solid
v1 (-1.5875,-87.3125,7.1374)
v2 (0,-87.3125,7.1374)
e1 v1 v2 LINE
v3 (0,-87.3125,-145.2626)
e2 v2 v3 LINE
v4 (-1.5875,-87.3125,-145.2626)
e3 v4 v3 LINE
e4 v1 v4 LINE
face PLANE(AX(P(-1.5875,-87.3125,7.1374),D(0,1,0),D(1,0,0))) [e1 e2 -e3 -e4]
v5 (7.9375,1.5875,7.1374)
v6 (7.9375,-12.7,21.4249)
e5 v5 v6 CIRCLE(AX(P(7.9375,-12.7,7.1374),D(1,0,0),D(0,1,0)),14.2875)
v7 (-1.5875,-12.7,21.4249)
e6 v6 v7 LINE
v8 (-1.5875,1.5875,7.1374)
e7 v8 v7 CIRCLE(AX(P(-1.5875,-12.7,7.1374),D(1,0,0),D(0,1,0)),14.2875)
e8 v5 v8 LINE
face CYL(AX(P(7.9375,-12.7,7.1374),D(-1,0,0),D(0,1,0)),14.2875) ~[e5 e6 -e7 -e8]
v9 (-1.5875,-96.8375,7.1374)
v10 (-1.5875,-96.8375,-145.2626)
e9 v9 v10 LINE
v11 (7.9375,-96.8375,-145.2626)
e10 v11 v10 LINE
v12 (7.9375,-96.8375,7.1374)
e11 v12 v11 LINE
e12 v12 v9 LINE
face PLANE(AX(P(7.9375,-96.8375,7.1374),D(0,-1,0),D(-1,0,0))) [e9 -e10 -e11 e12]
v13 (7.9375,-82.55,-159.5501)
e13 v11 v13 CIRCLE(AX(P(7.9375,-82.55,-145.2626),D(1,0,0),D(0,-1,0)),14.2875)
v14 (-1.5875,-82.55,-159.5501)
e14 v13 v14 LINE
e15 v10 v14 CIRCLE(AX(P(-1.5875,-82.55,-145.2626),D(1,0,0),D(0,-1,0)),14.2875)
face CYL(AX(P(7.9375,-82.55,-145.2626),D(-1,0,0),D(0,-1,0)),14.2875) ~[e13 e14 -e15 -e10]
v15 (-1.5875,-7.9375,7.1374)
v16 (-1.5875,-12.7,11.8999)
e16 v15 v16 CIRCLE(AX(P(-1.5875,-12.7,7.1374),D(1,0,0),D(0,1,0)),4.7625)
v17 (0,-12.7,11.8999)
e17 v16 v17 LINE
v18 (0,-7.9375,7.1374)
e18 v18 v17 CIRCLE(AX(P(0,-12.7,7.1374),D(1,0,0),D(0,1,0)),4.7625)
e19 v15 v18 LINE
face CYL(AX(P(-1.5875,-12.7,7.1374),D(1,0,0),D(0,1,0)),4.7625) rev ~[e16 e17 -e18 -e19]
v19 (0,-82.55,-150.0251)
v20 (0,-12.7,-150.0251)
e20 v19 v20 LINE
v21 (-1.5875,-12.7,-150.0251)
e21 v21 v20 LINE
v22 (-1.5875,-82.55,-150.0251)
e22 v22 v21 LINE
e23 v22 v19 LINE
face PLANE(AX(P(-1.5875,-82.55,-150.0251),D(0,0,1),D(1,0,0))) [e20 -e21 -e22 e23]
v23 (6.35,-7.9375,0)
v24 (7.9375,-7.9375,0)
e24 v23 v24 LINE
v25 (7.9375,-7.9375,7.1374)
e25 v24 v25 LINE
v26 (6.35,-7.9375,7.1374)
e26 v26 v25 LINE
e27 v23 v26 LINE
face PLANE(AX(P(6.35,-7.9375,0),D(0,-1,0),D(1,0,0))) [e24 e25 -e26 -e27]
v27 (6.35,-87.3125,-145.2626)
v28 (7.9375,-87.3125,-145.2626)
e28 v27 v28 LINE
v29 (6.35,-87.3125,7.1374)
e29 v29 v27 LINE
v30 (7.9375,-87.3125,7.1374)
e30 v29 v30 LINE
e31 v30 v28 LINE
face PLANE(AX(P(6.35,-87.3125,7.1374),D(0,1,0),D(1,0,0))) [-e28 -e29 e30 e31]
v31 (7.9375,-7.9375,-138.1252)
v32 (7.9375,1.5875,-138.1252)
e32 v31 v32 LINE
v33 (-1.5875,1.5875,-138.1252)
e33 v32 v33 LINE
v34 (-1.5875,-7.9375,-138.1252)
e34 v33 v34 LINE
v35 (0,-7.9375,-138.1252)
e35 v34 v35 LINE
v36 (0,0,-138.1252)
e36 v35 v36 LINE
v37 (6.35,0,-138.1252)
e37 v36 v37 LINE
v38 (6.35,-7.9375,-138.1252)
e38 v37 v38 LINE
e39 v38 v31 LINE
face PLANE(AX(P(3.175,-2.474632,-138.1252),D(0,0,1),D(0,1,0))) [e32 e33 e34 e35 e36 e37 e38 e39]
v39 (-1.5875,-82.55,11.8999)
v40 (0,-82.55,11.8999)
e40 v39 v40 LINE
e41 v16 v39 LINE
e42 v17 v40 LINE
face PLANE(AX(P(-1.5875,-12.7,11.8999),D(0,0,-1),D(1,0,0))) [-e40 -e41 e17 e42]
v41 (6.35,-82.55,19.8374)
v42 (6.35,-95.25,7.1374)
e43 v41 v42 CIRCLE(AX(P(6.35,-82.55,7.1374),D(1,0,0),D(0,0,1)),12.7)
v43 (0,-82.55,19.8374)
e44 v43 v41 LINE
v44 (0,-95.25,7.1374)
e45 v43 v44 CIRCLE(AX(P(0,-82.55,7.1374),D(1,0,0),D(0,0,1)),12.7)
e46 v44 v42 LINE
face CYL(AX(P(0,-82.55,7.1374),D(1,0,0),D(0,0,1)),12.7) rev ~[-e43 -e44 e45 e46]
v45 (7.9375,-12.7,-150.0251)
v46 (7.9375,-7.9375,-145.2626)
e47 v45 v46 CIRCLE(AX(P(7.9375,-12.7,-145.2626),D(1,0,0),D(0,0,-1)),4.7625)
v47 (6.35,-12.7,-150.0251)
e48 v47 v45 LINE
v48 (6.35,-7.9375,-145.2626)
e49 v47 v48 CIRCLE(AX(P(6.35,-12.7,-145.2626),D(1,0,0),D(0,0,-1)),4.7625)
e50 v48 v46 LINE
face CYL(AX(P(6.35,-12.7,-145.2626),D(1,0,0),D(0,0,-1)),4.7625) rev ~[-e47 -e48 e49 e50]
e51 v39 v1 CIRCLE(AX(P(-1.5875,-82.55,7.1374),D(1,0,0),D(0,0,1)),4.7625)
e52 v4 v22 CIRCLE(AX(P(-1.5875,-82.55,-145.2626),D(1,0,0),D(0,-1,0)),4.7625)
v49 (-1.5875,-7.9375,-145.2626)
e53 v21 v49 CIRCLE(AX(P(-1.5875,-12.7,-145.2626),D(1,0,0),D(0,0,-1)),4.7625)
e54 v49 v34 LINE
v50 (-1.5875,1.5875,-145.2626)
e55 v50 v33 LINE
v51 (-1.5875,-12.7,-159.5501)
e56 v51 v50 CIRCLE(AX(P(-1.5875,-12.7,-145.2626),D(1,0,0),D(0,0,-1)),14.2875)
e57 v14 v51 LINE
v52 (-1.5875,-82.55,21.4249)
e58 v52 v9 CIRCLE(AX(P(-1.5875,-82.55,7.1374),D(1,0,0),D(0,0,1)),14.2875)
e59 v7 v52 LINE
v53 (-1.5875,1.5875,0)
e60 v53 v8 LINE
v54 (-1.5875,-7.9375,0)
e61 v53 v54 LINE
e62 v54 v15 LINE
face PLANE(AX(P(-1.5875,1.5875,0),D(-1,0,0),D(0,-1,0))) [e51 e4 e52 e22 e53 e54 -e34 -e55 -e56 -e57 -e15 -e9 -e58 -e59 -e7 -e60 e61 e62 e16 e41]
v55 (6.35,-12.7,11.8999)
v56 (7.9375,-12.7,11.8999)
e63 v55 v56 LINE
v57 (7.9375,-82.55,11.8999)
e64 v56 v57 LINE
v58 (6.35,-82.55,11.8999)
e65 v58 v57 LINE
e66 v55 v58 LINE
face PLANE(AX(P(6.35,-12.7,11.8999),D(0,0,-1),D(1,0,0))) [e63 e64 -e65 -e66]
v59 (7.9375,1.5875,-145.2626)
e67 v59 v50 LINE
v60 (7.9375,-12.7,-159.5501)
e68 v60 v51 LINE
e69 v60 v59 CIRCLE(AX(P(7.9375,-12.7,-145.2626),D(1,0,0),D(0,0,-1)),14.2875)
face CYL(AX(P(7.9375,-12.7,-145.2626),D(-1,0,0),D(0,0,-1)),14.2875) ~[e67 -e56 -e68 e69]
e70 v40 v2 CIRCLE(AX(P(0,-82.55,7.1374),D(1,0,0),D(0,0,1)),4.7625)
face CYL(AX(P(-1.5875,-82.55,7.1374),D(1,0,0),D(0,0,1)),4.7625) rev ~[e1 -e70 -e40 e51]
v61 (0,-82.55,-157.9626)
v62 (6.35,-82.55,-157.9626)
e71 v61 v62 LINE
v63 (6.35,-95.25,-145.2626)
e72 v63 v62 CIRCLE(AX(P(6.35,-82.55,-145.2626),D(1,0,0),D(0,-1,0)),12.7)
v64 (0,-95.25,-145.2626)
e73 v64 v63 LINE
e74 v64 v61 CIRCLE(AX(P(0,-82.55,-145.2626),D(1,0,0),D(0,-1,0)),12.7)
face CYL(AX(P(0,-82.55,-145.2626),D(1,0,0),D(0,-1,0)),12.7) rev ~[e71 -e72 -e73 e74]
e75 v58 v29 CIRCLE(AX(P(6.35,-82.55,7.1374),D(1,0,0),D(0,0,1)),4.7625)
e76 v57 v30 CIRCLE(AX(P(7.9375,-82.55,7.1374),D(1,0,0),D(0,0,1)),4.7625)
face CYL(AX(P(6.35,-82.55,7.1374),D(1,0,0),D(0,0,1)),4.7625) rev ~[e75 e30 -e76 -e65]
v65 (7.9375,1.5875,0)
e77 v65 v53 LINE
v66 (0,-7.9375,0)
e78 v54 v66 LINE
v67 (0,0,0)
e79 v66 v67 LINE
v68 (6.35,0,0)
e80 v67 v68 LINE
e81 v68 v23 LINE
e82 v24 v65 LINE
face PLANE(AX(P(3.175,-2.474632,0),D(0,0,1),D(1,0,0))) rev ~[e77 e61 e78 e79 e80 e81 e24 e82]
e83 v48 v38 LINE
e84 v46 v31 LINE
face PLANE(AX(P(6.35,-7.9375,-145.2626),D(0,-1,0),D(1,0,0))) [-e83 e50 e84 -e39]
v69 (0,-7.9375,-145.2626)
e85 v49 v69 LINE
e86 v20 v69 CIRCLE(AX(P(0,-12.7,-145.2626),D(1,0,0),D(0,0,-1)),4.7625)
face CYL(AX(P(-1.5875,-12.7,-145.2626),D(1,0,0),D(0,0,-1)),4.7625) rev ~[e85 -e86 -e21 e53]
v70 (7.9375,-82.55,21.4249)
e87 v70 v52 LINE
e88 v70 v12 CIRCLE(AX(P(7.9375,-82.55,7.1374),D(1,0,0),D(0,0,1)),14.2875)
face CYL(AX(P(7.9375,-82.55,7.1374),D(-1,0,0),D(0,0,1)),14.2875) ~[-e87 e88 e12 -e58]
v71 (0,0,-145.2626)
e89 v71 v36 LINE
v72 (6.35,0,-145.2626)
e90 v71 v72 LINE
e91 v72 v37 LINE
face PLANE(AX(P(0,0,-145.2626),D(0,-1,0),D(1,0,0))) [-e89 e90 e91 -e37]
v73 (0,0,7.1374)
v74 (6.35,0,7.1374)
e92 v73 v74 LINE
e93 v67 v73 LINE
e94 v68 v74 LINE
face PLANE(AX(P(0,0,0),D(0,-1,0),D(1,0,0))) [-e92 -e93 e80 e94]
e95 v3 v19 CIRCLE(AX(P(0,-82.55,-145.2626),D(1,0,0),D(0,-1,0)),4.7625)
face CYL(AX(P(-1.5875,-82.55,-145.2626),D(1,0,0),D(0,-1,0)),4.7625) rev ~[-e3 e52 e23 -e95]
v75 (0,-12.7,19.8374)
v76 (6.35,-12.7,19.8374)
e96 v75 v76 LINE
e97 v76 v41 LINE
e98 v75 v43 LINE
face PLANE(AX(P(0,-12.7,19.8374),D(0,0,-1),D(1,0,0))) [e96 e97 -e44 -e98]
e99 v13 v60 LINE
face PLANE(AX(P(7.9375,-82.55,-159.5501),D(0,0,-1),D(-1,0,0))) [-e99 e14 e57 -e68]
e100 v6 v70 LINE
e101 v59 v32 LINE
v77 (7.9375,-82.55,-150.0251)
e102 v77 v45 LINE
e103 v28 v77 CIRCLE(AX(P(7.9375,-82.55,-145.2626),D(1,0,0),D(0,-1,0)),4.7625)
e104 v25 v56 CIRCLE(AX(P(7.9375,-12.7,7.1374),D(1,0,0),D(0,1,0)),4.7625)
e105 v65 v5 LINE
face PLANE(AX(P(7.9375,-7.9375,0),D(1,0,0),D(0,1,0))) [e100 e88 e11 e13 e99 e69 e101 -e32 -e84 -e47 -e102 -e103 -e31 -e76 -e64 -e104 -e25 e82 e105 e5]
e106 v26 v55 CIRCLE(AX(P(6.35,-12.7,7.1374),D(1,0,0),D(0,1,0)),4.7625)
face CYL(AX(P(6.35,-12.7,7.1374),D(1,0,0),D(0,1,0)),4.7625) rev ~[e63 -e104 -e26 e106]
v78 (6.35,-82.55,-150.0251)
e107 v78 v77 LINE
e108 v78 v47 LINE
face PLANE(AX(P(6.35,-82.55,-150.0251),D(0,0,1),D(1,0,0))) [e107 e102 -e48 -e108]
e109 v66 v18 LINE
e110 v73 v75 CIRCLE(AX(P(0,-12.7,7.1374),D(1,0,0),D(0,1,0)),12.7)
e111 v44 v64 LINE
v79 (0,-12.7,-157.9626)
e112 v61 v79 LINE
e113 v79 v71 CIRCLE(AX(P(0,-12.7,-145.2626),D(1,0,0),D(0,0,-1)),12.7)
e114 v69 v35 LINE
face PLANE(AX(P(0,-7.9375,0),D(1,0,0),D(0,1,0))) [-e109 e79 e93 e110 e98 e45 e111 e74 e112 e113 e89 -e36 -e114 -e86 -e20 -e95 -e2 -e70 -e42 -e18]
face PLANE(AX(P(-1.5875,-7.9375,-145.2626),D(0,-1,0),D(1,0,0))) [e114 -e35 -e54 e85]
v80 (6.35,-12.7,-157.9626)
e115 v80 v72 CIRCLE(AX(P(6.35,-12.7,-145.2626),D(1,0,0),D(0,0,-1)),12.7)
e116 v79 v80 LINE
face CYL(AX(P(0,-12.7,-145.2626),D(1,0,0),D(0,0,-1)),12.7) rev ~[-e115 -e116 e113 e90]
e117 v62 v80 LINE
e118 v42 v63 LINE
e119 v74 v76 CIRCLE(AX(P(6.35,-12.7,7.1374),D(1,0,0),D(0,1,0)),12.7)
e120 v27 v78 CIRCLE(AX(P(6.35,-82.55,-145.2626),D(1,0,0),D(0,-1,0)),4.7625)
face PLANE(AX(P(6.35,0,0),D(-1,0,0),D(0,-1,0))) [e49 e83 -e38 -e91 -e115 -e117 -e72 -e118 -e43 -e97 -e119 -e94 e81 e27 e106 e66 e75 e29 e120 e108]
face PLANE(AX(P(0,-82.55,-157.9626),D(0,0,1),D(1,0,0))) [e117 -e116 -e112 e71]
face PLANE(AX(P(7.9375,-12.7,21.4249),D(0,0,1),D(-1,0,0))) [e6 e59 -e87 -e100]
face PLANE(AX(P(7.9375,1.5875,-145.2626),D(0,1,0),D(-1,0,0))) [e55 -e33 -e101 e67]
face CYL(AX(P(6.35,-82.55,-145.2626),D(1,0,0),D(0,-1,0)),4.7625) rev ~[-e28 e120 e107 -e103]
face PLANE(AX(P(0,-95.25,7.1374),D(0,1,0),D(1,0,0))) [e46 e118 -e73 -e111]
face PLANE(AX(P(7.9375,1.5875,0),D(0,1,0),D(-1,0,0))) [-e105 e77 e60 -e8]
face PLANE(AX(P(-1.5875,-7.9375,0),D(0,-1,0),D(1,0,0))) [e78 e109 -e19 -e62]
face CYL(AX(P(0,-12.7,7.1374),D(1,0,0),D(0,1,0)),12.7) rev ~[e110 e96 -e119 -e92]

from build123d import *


with BuildPart() as part:
    # Sweep3: sweep along a path in Sketch3
    with BuildLine(Plane(origin=(0, 0, 0), x_dir=(0, 0, -1), z_dir=(1, 0, 0))) as sweep3_path:
        Line((0, 0), (-7.1374, 0))
        ThreePointArc((-7.1374, 0), (-16.117656121, -3.719743879), (-19.8374, -12.7))
        Line((-19.8374, -12.7), (-19.8374, -82.55))
        ThreePointArc((-19.8374, -82.55), (-16.117656121, -91.530256121), (-7.1374, -95.25))
        Line((-7.1374, -95.25), (145.2626, -95.25))
        ThreePointArc((145.2626, -95.25), (154.242856121, -91.530256121), (157.9626, -82.55))
        Line((157.9626, -82.55), (157.9626, -12.7))
        ThreePointArc((157.9626, -12.7), (154.242856121, -3.719743879), (145.2626, 0))
        Line((145.2626, 0), (138.1252, 0))
    # Sketch2 → Sweep3 (sweep)
    with BuildSketch(Plane.XY):
        Polygon((0, 0), (6.35, 0), (6.35, -7.9375), (7.9375, -7.9375), (7.9375, 1.5875), (-1.5875, 1.5875), (-1.5875, -7.9375), (0, -7.9375), align=None)
    sweep(path=sweep3_path.line)


solid = part.part
